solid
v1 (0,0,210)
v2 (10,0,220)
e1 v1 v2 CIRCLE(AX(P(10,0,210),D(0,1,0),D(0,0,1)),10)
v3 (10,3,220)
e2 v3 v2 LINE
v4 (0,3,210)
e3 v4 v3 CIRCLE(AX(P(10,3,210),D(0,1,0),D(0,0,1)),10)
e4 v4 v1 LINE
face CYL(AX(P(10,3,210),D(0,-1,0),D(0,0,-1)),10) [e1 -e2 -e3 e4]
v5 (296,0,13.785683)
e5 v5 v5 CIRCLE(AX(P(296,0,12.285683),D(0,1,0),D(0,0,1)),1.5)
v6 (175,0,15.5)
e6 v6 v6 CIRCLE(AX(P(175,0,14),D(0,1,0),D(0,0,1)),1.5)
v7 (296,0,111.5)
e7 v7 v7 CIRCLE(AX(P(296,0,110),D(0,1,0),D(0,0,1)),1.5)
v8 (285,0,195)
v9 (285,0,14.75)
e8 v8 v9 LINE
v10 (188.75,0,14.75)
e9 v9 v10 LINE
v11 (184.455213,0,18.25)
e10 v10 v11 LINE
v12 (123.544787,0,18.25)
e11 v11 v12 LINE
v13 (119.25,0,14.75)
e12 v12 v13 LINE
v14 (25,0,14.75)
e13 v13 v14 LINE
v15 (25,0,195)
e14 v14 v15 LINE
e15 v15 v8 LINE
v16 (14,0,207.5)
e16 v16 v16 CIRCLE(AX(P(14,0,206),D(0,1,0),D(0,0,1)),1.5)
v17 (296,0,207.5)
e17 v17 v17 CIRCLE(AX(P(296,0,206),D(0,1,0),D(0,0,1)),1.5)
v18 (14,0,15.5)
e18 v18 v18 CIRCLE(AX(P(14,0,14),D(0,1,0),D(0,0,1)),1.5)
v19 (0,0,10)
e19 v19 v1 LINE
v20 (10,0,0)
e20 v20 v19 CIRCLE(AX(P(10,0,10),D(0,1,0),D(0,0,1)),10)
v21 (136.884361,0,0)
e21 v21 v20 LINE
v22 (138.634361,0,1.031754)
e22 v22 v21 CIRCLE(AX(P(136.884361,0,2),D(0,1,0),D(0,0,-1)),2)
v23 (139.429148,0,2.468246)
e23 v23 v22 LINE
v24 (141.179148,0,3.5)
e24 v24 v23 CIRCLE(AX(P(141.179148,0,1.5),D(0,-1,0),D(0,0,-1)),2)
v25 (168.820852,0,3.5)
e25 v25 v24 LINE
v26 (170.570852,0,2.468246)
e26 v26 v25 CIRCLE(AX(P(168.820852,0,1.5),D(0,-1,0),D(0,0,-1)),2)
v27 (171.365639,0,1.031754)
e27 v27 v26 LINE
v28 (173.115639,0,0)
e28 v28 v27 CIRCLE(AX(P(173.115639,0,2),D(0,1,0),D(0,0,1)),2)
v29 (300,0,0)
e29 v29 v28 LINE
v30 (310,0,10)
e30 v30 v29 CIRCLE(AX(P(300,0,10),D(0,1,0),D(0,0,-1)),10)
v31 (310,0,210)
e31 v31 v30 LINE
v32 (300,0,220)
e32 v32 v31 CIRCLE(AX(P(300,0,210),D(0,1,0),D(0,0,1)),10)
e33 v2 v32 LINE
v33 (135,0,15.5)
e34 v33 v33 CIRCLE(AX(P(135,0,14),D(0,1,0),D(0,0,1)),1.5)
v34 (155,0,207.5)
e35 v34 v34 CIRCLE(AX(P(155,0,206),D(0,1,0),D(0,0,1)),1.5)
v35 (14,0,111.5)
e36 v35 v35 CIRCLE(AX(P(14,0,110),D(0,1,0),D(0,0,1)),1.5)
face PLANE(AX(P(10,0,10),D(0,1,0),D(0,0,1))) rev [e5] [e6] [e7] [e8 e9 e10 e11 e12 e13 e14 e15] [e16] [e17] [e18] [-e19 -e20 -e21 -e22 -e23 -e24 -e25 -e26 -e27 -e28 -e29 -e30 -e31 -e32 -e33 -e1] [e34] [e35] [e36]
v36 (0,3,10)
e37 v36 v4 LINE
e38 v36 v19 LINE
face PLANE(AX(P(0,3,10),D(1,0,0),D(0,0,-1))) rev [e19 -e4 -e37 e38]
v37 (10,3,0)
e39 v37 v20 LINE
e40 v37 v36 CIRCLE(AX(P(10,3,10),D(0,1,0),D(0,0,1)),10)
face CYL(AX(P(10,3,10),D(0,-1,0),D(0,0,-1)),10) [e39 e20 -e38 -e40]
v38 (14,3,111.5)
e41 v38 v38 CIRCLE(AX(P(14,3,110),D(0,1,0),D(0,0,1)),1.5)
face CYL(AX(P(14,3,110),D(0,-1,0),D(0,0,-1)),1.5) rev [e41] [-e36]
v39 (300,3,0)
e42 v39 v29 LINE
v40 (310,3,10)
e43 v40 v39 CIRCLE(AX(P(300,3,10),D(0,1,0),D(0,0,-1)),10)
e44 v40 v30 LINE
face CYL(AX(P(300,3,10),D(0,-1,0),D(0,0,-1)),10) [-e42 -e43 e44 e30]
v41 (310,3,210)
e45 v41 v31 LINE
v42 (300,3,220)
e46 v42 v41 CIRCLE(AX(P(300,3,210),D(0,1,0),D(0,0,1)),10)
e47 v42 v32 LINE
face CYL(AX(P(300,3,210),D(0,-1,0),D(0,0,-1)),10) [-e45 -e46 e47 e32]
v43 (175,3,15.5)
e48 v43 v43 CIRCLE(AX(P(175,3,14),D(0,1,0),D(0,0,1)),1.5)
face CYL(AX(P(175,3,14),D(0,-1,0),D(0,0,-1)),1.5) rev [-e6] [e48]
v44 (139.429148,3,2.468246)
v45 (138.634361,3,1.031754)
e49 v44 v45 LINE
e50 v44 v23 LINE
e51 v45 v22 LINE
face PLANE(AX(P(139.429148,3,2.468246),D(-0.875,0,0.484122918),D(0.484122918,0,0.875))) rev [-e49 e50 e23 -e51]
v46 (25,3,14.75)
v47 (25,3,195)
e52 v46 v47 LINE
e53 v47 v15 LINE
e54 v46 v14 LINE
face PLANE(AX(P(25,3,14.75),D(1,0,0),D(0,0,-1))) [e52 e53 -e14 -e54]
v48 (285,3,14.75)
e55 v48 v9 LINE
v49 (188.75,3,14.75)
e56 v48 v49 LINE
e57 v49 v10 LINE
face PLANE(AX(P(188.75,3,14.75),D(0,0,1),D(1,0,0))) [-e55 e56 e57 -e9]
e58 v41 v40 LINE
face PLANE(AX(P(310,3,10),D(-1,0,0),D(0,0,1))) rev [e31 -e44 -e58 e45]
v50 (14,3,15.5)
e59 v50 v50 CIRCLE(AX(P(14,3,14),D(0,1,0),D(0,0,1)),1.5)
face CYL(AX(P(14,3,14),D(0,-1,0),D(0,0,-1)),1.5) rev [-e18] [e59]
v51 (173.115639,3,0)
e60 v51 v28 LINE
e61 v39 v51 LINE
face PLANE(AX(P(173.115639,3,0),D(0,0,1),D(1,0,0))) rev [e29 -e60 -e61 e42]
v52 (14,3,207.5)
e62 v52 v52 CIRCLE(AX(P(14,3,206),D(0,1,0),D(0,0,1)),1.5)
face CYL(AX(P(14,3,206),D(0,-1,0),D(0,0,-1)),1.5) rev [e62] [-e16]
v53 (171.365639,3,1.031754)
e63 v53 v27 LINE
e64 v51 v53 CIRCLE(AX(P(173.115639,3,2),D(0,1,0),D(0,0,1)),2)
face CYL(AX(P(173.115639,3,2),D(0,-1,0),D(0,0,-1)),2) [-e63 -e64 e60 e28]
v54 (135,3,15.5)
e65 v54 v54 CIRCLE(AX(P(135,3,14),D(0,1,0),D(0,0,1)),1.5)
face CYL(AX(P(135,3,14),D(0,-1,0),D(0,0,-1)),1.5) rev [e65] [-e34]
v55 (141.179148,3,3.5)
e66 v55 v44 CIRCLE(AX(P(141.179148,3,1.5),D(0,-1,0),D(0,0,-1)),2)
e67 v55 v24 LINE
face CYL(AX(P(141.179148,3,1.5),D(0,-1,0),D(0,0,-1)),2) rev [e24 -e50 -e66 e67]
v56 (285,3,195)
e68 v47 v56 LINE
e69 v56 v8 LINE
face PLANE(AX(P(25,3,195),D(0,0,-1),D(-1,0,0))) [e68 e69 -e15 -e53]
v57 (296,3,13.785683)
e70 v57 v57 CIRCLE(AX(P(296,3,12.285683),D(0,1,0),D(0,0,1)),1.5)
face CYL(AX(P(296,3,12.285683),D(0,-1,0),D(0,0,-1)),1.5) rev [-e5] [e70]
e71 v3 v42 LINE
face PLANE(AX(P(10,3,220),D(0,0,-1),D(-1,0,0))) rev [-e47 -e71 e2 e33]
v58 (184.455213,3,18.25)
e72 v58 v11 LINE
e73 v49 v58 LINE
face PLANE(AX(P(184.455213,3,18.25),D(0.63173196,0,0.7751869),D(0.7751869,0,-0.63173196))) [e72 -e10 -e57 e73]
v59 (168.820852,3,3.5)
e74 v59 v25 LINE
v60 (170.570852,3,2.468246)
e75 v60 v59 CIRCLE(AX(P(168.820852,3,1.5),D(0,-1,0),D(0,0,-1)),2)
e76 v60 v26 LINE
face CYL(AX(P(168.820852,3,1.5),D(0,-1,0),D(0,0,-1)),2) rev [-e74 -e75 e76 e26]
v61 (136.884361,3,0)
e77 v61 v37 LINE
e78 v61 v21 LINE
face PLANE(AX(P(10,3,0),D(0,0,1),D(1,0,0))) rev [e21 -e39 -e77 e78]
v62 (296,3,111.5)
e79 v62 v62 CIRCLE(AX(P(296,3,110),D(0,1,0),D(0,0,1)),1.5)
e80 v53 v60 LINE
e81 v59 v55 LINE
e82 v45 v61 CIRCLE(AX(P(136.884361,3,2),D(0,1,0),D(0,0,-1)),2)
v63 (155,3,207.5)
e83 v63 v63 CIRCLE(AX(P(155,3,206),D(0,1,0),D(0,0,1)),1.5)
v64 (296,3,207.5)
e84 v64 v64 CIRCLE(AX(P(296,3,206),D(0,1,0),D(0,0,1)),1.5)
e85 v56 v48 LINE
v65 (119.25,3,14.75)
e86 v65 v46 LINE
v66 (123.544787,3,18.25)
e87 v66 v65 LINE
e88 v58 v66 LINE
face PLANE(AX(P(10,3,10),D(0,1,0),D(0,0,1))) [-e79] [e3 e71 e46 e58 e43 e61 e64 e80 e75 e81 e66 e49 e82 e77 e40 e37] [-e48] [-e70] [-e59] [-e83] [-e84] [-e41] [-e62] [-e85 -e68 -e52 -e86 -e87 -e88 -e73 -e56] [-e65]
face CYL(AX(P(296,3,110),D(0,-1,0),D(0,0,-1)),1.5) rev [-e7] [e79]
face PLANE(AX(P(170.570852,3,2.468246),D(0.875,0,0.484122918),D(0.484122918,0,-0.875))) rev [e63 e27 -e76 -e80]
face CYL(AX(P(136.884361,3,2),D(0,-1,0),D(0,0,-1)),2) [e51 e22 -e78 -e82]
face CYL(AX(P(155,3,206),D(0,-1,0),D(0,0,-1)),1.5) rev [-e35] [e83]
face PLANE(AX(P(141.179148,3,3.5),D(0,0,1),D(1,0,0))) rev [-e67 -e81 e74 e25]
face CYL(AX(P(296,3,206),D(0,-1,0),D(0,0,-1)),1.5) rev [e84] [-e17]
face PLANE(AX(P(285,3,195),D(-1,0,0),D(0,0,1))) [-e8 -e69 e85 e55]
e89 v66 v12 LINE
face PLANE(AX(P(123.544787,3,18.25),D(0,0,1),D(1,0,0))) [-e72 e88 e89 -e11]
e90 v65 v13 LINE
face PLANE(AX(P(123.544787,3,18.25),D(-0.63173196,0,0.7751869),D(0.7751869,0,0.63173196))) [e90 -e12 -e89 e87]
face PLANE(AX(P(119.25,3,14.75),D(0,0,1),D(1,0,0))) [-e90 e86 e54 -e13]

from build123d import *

# Parameters (mm, degrees)
SKETCH_1_R      = 1.5
EXTRUDE_1_DEPTH = 3


with BuildPart() as part:
    # 草图1 → 凸台-拉伸1 (new body)
    with BuildSketch(Plane(origin=(0, 0, 0), x_dir=(1, 0, 0), z_dir=(0, 1, 0))):
        with BuildLine():
            Line((10, 0), (136.884360712, 0))
            ThreePointArc((136.884360712, 0), (137.900113715, -0.277140216), (138.634360712, -1.031754163))
            Line((138.634360712, -1.031754163), (139.429147615, -2.468245837))
            ThreePointArc((139.429147615, -2.468245837), (140.163394612, -3.222859784), (141.179147615, -3.5))
            Line((141.179147615, -3.5), (168.820852385, -3.5))
            ThreePointArc((168.820852385, -3.5), (169.836605388, -3.222859784), (170.570852385, -2.468245837))
            Line((170.570852385, -2.468245837), (171.365639288, -1.031754163))
            ThreePointArc((171.365639288, -1.031754163), (172.099886285, -0.277140216), (173.115639288, 0))
            Line((173.115639288, 0), (300, 0))
            ThreePointArc((300, 0), (307.071067812, -2.928932188), (310, -10))
            Line((310, -10), (310, -210))
            ThreePointArc((310, -210), (307.071067812, -217.071067812), (300, -220))
            Line((300, -220), (10, -220))
            ThreePointArc((10, -220), (2.928932188, -217.071067812), (0, -210))
            Line((0, -210), (0, -10))
            ThreePointArc((0, -10), (2.928932188, -2.928932188), (10, 0))
        make_face()
        with Locations(Location((14, -14, 0), (0, 0, 270))):
            Circle(SKETCH_1_R, mode=Mode.SUBTRACT)
        with Locations(Location((14, -206, 0), (0, 0, 270))):
            Circle(SKETCH_1_R, mode=Mode.SUBTRACT)
        with Locations(Location((296, -206, 0), (0, 0, 270))):
            Circle(SKETCH_1_R, mode=Mode.SUBTRACT)
        with Locations(Location((296, -12.28568254, 0), (0, 0, 270))):
            Circle(SKETCH_1_R, mode=Mode.SUBTRACT)
        with Locations(Location((155, -206, 0), (0, 0, 270))):
            Circle(SKETCH_1_R, mode=Mode.SUBTRACT)
        with Locations(Location((175, -14, 0), (0, 0, 270))):
            Circle(SKETCH_1_R, mode=Mode.SUBTRACT)
        with Locations(Location((135, -14, 0), (0, 0, 270))):
            Circle(SKETCH_1_R, mode=Mode.SUBTRACT)
        with Locations(Location((296, -110, 0), (0, 0, 270))):
            Circle(SKETCH_1_R, mode=Mode.SUBTRACT)
        with Locations(Location((14, -110, 0), (0, 0, 270))):
            Circle(SKETCH_1_R, mode=Mode.SUBTRACT)
        Polygon((184.455213096, -18.25), (188.75, -14.75), (285, -14.75), (285, -195), (25, -195), (25, -14.75), (119.25, -14.75), (123.544786904, -18.25), (141.179147615, -18.25), (168.820852385, -18.25), align=None, mode=Mode.SUBTRACT)
    extrude(amount=EXTRUDE_1_DEPTH)


solid = part.part
